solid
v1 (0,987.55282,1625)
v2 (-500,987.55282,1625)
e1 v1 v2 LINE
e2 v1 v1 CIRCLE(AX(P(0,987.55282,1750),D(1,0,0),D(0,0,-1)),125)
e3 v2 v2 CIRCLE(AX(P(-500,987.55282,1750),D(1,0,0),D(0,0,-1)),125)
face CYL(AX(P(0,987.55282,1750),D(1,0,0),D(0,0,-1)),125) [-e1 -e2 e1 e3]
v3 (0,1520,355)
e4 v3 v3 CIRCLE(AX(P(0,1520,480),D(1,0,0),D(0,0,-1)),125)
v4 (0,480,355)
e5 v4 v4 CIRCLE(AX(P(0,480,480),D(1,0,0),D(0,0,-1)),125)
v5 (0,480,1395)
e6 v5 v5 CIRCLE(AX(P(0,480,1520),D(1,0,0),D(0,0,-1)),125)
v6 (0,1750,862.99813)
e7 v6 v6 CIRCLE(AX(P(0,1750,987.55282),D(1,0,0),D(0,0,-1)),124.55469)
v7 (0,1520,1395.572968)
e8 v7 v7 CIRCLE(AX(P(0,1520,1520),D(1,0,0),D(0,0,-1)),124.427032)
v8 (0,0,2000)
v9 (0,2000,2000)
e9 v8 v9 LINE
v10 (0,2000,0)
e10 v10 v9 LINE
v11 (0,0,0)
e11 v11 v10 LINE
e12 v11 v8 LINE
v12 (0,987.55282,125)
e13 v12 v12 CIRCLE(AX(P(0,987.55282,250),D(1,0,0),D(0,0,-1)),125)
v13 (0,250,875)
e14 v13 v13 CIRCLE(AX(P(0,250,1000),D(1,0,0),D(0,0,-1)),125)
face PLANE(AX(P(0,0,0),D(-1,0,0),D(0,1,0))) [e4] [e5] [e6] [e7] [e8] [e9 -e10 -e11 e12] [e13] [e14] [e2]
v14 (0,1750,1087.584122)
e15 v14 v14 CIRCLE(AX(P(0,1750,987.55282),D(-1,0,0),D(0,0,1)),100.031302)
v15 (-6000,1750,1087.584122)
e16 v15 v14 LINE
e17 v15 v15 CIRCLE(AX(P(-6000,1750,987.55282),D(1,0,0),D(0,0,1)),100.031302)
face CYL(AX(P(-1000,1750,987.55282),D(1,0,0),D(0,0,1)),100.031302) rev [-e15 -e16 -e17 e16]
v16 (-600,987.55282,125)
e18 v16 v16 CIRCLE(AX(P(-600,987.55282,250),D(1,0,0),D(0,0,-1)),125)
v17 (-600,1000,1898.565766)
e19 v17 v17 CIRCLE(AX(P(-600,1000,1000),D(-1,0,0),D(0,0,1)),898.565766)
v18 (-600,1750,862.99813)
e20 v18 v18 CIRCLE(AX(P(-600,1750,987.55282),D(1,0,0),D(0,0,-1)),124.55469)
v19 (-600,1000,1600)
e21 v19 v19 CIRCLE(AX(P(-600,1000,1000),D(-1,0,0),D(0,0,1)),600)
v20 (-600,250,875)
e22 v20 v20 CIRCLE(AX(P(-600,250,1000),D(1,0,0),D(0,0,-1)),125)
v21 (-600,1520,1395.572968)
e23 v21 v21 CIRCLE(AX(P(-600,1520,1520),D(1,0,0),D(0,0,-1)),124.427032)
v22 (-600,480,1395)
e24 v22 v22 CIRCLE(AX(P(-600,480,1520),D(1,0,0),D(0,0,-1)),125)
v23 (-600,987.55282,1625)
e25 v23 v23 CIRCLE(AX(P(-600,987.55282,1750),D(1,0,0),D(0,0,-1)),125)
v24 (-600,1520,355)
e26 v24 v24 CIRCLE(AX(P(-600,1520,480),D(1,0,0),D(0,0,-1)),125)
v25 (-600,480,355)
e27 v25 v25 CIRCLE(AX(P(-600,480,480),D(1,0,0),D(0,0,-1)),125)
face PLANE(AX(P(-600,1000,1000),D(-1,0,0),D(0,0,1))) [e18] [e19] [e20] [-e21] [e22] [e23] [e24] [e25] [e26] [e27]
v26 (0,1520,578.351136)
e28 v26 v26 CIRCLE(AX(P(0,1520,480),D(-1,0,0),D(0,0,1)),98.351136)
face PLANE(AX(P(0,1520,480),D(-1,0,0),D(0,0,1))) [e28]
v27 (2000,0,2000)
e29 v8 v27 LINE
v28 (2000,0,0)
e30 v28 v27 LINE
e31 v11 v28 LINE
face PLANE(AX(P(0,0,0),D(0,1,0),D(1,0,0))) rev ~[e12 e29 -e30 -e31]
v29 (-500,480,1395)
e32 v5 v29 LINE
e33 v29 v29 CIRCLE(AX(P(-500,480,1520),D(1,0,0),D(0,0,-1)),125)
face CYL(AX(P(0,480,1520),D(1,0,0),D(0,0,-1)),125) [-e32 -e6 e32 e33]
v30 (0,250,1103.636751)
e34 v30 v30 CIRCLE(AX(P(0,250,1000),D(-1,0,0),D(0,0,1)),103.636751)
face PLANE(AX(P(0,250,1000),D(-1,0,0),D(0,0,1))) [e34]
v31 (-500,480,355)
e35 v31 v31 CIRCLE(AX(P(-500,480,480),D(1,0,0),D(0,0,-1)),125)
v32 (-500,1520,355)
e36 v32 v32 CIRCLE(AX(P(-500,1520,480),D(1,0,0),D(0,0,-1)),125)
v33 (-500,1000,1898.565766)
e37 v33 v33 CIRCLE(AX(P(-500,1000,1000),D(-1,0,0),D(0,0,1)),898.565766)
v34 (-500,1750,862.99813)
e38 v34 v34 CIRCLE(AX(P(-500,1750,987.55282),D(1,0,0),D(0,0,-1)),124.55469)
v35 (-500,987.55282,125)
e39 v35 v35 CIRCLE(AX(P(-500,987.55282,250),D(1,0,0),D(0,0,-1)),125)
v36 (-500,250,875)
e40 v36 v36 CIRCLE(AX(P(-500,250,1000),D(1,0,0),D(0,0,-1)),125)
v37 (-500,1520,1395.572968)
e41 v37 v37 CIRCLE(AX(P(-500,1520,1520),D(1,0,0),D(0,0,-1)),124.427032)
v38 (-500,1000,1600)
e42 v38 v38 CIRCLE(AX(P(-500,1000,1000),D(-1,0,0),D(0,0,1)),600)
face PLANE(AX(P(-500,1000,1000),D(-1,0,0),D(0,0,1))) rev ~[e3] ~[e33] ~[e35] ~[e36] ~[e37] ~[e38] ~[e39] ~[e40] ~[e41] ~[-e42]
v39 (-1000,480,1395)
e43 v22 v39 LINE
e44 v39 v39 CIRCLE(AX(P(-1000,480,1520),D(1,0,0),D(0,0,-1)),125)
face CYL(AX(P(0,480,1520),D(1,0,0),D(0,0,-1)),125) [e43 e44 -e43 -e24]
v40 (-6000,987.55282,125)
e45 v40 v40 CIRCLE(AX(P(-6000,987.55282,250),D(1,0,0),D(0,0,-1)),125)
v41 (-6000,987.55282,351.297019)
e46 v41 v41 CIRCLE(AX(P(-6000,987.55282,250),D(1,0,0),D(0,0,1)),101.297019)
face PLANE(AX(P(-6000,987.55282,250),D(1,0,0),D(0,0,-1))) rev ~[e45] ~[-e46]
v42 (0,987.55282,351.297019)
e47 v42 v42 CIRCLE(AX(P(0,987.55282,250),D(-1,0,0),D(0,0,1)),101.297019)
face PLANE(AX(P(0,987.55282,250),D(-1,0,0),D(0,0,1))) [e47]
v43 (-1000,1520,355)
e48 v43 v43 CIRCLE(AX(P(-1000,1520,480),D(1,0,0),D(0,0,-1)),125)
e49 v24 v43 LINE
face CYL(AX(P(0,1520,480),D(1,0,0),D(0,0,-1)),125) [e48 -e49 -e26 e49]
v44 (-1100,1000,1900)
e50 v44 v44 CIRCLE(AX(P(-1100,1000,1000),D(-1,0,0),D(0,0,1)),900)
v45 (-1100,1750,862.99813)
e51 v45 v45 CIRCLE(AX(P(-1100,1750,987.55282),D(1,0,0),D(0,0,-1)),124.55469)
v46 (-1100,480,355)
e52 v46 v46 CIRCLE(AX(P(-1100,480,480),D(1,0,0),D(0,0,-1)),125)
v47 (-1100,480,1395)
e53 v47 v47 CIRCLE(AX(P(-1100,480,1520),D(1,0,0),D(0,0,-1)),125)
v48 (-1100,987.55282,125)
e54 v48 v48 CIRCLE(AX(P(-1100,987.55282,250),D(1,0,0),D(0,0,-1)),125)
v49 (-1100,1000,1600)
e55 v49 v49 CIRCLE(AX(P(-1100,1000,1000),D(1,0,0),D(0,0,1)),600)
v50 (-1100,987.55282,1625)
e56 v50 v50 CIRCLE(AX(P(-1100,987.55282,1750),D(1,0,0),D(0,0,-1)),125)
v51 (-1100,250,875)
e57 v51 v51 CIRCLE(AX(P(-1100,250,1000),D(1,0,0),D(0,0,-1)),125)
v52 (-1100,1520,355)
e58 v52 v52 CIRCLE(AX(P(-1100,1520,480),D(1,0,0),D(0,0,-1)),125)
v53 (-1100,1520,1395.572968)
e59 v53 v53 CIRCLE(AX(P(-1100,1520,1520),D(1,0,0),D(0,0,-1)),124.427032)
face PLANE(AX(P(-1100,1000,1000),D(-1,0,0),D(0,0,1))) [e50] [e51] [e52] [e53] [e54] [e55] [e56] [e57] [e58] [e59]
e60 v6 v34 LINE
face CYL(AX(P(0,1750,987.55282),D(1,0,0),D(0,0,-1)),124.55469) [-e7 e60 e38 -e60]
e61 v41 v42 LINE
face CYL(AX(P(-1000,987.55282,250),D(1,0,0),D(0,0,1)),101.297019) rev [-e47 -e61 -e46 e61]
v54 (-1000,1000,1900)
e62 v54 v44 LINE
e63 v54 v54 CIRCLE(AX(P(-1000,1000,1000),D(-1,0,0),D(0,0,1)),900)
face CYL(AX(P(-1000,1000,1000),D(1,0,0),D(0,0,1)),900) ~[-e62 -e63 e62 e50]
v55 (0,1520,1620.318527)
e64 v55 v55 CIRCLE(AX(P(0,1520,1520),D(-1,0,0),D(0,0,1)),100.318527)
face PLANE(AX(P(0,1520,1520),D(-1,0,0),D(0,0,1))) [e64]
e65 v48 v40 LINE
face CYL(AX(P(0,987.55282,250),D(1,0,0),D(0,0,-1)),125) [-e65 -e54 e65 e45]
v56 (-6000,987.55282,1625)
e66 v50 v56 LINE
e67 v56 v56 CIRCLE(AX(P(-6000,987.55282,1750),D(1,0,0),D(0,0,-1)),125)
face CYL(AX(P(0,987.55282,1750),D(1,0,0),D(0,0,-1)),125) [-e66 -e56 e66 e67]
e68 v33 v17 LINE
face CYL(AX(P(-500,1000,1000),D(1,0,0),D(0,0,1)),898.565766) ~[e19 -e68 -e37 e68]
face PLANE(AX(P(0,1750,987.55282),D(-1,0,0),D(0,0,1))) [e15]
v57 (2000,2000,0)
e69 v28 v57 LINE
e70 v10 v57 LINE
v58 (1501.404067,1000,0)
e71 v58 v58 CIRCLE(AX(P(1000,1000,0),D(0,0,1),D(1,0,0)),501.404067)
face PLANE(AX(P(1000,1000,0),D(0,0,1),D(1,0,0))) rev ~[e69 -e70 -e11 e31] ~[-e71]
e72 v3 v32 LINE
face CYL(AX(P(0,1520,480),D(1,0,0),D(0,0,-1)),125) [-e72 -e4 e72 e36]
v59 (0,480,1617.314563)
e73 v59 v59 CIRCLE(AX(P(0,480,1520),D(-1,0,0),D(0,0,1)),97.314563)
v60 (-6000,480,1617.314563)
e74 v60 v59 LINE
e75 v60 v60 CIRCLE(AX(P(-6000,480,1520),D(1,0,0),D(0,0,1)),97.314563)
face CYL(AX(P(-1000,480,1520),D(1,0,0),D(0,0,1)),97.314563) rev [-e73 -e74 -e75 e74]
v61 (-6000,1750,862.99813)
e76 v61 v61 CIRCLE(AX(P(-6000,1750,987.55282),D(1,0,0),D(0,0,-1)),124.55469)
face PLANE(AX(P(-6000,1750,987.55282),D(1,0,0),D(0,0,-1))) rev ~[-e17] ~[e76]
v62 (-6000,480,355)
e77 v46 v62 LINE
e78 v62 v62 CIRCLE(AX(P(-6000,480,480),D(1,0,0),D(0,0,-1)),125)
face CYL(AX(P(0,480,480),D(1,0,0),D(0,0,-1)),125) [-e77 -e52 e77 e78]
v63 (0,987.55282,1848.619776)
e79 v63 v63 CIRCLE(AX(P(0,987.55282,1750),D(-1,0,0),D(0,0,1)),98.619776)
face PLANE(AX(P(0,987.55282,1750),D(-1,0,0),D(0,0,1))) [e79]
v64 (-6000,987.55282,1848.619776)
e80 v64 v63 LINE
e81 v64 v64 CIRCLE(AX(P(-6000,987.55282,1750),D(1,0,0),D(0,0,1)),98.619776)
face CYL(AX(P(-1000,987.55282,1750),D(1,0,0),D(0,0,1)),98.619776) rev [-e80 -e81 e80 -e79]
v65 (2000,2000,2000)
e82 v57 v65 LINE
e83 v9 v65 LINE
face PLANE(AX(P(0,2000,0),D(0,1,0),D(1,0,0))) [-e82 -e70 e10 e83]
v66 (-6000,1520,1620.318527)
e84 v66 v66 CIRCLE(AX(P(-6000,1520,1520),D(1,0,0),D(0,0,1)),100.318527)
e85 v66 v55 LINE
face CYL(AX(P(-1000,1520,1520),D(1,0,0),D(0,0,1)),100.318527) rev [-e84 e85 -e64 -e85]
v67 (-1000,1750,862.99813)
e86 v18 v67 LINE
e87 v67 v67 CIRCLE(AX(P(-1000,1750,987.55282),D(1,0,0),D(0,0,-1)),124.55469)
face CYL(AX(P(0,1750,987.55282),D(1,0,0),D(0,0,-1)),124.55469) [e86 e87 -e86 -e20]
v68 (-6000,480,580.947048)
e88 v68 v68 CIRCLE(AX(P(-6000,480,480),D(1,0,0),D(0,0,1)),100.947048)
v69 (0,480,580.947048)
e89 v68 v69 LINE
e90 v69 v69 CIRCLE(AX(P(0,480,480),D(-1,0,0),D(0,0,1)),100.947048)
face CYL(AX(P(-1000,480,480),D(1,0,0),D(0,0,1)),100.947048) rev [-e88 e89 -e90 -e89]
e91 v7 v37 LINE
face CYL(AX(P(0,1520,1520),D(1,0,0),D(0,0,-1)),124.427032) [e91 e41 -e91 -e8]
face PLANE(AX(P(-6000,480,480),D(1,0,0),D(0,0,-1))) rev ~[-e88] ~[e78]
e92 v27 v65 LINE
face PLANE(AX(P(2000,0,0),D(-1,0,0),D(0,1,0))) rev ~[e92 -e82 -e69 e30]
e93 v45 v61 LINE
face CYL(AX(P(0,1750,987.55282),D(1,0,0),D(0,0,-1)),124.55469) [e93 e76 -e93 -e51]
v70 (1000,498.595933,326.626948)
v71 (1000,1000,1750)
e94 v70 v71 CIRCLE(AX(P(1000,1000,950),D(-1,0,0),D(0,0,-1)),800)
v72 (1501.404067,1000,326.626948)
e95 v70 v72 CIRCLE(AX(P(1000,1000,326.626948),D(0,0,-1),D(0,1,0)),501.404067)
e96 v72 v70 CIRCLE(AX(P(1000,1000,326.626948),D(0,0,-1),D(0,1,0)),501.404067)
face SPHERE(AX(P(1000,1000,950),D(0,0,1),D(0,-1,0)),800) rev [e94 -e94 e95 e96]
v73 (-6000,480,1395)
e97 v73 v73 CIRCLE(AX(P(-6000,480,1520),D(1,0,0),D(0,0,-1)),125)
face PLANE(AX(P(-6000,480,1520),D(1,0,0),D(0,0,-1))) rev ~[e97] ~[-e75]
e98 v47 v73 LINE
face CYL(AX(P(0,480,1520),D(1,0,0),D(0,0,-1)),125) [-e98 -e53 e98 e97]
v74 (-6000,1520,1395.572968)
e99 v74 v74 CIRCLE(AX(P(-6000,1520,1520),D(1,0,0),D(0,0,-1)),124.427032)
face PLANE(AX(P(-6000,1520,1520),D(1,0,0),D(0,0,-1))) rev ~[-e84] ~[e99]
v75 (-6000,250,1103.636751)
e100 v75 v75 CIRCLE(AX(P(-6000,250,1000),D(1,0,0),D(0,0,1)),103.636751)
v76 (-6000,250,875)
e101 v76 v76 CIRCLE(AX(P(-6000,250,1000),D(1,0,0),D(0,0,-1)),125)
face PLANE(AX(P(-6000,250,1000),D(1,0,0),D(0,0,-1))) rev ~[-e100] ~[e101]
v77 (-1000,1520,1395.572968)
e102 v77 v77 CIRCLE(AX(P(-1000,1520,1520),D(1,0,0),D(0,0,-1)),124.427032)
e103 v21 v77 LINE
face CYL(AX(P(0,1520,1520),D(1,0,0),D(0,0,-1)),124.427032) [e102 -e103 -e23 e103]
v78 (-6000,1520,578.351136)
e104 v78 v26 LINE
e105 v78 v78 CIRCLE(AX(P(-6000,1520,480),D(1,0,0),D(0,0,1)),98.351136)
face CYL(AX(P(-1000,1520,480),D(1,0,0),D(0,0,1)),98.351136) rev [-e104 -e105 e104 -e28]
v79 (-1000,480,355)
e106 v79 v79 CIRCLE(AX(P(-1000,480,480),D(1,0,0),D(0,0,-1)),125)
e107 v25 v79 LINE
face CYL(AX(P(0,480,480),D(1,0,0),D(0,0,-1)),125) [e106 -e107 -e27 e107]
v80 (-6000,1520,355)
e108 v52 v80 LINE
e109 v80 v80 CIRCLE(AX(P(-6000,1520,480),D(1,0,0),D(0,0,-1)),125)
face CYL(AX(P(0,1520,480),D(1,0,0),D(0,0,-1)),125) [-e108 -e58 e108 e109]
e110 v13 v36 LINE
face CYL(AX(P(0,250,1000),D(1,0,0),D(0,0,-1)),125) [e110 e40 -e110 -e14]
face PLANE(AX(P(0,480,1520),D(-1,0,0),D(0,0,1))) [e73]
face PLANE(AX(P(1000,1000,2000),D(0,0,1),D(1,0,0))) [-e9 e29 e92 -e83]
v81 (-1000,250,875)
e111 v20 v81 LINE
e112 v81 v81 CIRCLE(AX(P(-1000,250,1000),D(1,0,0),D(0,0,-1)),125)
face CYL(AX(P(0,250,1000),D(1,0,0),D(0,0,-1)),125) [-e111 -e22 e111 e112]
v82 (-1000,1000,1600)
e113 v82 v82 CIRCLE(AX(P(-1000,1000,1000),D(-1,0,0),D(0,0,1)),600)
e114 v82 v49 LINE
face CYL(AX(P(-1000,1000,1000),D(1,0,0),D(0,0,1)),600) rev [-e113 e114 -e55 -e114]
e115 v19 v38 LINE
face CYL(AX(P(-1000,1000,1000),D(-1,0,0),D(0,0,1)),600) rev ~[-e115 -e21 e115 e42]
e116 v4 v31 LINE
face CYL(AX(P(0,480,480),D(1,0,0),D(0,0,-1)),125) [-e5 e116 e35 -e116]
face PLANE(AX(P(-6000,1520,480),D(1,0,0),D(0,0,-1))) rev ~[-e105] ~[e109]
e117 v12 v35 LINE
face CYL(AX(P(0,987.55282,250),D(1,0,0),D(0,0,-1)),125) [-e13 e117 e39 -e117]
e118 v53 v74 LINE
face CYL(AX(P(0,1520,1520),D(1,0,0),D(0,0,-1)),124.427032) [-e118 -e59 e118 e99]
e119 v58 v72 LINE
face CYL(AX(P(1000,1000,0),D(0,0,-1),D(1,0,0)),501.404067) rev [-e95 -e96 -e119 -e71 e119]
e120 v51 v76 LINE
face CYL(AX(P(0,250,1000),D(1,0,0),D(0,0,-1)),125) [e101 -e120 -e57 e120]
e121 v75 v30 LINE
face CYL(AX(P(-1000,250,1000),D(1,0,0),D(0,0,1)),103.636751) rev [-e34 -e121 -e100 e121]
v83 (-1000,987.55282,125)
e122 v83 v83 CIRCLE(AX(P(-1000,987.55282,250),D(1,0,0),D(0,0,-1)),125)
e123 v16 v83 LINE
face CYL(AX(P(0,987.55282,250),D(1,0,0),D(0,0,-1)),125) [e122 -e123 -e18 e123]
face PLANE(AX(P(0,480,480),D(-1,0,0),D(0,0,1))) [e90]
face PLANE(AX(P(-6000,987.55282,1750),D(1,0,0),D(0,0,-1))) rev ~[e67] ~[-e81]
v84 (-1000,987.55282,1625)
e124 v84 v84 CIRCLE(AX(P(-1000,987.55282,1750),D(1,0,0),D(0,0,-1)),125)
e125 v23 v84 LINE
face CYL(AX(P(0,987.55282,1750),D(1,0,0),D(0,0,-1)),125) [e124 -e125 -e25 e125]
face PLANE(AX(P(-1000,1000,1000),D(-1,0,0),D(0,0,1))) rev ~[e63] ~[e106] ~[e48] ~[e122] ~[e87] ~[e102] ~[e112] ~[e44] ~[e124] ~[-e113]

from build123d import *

# Parameters (mm, degrees)
SKETCH1_W               = 2000
SKETCH1_H               = 2000
BOSS_EXTRUDE1_DEPTH     = 2000
SKETCH2_R               = 501.404067121
CUT_EXTRUDE1_DEPTH      = 500
SKETCH7_R               = 124.554689767
SKETCH7_R_2             = 125
SKETCH7_R_3             = 124.427032374
BOSS_EXTRUDE4_DEPTH     = 6000
SKETCH9_R               = 900
BOSS_EXTRUDE6_DEPTH     = 100
SKETCH10_R              = 898.565766003
BOSS_EXTRUDE7_DEPTH     = 100
SKETCH9_3_R             = 600
CUT_EXTRUDE2_DEPTH      = 600
CUT_EXTRUDE2_DEPTH_BACK = 600
SKETCH11_R              = 98.351136435
SKETCH11_R_2            = 100.031302244
SKETCH11_R_3            = 100.947048472
SKETCH11_R_4            = 103.636751453
SKETCH11_R_5            = 97.314563003
SKETCH11_R_6            = 98.619776391
SKETCH11_R_7            = 100.318526813
SKETCH11_R_8            = 101.297019076
CUT_EXTRUDE3_DEPTH      = 5001
CUT_EXTRUDE3_DEPTH_BACK = 1000


with BuildPart() as part:
    # Sketch1 → Boss-Extrude1 (new body)
    with BuildSketch(Plane.XY):
        with Locations((1000, 1000)):
            Rectangle(SKETCH1_W, SKETCH1_H)
    extrude(amount=BOSS_EXTRUDE1_DEPTH)

    # Sketch4 → Cut-Revolve1 (revolve, cut)
    with BuildSketch(Plane(origin=(1000, 0, 0), x_dir=(0, 0, -1), z_dir=(1, 0, 0))):
        with BuildLine():
            Line((-1750, 1000), (-150, 1000))
            ThreePointArc((-150, 1000), (-950, 200), (-1750, 1000))
        make_face()
    revolve(axis=Axis((1000, 1000, 1750), (0, 0, -1)), mode=Mode.SUBTRACT)

    # Sketch2 → Cut-Extrude1 (cut)
    with BuildSketch(Plane.XY):
        with Locations((1000, 1000)):
            Circle(SKETCH2_R)
    extrude(amount=CUT_EXTRUDE1_DEPTH, mode=Mode.SUBTRACT)

    # Sketch7 → Boss-Extrude4 (add)
    with BuildSketch(Plane(origin=(0, 0, 0), x_dir=(0, 0, -1), z_dir=(1, 0, 0))):
        with Locations((-987.552819521, 1750)):
            Circle(SKETCH7_R)
        with Locations((-1750, 987.552819521)):
            Circle(SKETCH7_R_2)
        with Locations((-1000, 250)):
            Circle(SKETCH7_R_2)
        with Locations((-250, 987.552819521)):
            Circle(SKETCH7_R_2)
        with Locations((-480, 1520)):
            Circle(SKETCH7_R_2)
        with Locations((-1520, 1520)):
            Circle(SKETCH7_R_3)
        with Locations((-1520, 480)):
            Circle(SKETCH7_R_2)
        with Locations((-480, 480)):
            Circle(SKETCH7_R_2)
    extrude(amount=-BOSS_EXTRUDE4_DEPTH)

    # Sketch9 → Boss-Extrude6 (add)
    with BuildSketch(Plane.ZY.offset(1000)):
        with Locations((1000, 1000)):
            Circle(SKETCH9_R)
    extrude(amount=BOSS_EXTRUDE6_DEPTH)

    # Sketch10 → Boss-Extrude7 (add)
    with BuildSketch(Plane.ZY.offset(500)):
        with Locations((1000, 1000)):
            Circle(SKETCH10_R)
    extrude(amount=BOSS_EXTRUDE7_DEPTH)

    # Sketch9<3> → Cut-Extrude2 (cut, two sides)
    with BuildSketch(Plane.ZY.offset(1000)) as cut_extrude2_sk:
        with Locations((1000, 1000)):
            Circle(SKETCH9_3_R)
    extrude(amount=CUT_EXTRUDE2_DEPTH, mode=Mode.SUBTRACT)
    extrude(cut_extrude2_sk.sketch, amount=-CUT_EXTRUDE2_DEPTH_BACK, mode=Mode.SUBTRACT)

    # Sketch11 → Cut-Extrude3 (cut, two sides)
    with BuildSketch(Plane.ZY.offset(1000)) as cut_extrude3_sk:
        with Locations((480, 1520)):
            Circle(SKETCH11_R)
        with Locations((987.552819521, 1750)):
            Circle(SKETCH11_R_2)
        with Locations((480, 480)):
            Circle(SKETCH11_R_3)
        with Locations((1000, 250)):
            Circle(SKETCH11_R_4)
        with Locations((1520, 480)):
            Circle(SKETCH11_R_5)
        with Locations((1750, 987.552819521)):
            Circle(SKETCH11_R_6)
        with Locations((1520, 1520)):
            Circle(SKETCH11_R_7)
        with Locations((250, 987.552819521)):
            Circle(SKETCH11_R_8)
    extrude(amount=CUT_EXTRUDE3_DEPTH, mode=Mode.SUBTRACT)
    extrude(cut_extrude3_sk.sketch, amount=-CUT_EXTRUDE3_DEPTH_BACK, mode=Mode.SUBTRACT)


solid = part.part
